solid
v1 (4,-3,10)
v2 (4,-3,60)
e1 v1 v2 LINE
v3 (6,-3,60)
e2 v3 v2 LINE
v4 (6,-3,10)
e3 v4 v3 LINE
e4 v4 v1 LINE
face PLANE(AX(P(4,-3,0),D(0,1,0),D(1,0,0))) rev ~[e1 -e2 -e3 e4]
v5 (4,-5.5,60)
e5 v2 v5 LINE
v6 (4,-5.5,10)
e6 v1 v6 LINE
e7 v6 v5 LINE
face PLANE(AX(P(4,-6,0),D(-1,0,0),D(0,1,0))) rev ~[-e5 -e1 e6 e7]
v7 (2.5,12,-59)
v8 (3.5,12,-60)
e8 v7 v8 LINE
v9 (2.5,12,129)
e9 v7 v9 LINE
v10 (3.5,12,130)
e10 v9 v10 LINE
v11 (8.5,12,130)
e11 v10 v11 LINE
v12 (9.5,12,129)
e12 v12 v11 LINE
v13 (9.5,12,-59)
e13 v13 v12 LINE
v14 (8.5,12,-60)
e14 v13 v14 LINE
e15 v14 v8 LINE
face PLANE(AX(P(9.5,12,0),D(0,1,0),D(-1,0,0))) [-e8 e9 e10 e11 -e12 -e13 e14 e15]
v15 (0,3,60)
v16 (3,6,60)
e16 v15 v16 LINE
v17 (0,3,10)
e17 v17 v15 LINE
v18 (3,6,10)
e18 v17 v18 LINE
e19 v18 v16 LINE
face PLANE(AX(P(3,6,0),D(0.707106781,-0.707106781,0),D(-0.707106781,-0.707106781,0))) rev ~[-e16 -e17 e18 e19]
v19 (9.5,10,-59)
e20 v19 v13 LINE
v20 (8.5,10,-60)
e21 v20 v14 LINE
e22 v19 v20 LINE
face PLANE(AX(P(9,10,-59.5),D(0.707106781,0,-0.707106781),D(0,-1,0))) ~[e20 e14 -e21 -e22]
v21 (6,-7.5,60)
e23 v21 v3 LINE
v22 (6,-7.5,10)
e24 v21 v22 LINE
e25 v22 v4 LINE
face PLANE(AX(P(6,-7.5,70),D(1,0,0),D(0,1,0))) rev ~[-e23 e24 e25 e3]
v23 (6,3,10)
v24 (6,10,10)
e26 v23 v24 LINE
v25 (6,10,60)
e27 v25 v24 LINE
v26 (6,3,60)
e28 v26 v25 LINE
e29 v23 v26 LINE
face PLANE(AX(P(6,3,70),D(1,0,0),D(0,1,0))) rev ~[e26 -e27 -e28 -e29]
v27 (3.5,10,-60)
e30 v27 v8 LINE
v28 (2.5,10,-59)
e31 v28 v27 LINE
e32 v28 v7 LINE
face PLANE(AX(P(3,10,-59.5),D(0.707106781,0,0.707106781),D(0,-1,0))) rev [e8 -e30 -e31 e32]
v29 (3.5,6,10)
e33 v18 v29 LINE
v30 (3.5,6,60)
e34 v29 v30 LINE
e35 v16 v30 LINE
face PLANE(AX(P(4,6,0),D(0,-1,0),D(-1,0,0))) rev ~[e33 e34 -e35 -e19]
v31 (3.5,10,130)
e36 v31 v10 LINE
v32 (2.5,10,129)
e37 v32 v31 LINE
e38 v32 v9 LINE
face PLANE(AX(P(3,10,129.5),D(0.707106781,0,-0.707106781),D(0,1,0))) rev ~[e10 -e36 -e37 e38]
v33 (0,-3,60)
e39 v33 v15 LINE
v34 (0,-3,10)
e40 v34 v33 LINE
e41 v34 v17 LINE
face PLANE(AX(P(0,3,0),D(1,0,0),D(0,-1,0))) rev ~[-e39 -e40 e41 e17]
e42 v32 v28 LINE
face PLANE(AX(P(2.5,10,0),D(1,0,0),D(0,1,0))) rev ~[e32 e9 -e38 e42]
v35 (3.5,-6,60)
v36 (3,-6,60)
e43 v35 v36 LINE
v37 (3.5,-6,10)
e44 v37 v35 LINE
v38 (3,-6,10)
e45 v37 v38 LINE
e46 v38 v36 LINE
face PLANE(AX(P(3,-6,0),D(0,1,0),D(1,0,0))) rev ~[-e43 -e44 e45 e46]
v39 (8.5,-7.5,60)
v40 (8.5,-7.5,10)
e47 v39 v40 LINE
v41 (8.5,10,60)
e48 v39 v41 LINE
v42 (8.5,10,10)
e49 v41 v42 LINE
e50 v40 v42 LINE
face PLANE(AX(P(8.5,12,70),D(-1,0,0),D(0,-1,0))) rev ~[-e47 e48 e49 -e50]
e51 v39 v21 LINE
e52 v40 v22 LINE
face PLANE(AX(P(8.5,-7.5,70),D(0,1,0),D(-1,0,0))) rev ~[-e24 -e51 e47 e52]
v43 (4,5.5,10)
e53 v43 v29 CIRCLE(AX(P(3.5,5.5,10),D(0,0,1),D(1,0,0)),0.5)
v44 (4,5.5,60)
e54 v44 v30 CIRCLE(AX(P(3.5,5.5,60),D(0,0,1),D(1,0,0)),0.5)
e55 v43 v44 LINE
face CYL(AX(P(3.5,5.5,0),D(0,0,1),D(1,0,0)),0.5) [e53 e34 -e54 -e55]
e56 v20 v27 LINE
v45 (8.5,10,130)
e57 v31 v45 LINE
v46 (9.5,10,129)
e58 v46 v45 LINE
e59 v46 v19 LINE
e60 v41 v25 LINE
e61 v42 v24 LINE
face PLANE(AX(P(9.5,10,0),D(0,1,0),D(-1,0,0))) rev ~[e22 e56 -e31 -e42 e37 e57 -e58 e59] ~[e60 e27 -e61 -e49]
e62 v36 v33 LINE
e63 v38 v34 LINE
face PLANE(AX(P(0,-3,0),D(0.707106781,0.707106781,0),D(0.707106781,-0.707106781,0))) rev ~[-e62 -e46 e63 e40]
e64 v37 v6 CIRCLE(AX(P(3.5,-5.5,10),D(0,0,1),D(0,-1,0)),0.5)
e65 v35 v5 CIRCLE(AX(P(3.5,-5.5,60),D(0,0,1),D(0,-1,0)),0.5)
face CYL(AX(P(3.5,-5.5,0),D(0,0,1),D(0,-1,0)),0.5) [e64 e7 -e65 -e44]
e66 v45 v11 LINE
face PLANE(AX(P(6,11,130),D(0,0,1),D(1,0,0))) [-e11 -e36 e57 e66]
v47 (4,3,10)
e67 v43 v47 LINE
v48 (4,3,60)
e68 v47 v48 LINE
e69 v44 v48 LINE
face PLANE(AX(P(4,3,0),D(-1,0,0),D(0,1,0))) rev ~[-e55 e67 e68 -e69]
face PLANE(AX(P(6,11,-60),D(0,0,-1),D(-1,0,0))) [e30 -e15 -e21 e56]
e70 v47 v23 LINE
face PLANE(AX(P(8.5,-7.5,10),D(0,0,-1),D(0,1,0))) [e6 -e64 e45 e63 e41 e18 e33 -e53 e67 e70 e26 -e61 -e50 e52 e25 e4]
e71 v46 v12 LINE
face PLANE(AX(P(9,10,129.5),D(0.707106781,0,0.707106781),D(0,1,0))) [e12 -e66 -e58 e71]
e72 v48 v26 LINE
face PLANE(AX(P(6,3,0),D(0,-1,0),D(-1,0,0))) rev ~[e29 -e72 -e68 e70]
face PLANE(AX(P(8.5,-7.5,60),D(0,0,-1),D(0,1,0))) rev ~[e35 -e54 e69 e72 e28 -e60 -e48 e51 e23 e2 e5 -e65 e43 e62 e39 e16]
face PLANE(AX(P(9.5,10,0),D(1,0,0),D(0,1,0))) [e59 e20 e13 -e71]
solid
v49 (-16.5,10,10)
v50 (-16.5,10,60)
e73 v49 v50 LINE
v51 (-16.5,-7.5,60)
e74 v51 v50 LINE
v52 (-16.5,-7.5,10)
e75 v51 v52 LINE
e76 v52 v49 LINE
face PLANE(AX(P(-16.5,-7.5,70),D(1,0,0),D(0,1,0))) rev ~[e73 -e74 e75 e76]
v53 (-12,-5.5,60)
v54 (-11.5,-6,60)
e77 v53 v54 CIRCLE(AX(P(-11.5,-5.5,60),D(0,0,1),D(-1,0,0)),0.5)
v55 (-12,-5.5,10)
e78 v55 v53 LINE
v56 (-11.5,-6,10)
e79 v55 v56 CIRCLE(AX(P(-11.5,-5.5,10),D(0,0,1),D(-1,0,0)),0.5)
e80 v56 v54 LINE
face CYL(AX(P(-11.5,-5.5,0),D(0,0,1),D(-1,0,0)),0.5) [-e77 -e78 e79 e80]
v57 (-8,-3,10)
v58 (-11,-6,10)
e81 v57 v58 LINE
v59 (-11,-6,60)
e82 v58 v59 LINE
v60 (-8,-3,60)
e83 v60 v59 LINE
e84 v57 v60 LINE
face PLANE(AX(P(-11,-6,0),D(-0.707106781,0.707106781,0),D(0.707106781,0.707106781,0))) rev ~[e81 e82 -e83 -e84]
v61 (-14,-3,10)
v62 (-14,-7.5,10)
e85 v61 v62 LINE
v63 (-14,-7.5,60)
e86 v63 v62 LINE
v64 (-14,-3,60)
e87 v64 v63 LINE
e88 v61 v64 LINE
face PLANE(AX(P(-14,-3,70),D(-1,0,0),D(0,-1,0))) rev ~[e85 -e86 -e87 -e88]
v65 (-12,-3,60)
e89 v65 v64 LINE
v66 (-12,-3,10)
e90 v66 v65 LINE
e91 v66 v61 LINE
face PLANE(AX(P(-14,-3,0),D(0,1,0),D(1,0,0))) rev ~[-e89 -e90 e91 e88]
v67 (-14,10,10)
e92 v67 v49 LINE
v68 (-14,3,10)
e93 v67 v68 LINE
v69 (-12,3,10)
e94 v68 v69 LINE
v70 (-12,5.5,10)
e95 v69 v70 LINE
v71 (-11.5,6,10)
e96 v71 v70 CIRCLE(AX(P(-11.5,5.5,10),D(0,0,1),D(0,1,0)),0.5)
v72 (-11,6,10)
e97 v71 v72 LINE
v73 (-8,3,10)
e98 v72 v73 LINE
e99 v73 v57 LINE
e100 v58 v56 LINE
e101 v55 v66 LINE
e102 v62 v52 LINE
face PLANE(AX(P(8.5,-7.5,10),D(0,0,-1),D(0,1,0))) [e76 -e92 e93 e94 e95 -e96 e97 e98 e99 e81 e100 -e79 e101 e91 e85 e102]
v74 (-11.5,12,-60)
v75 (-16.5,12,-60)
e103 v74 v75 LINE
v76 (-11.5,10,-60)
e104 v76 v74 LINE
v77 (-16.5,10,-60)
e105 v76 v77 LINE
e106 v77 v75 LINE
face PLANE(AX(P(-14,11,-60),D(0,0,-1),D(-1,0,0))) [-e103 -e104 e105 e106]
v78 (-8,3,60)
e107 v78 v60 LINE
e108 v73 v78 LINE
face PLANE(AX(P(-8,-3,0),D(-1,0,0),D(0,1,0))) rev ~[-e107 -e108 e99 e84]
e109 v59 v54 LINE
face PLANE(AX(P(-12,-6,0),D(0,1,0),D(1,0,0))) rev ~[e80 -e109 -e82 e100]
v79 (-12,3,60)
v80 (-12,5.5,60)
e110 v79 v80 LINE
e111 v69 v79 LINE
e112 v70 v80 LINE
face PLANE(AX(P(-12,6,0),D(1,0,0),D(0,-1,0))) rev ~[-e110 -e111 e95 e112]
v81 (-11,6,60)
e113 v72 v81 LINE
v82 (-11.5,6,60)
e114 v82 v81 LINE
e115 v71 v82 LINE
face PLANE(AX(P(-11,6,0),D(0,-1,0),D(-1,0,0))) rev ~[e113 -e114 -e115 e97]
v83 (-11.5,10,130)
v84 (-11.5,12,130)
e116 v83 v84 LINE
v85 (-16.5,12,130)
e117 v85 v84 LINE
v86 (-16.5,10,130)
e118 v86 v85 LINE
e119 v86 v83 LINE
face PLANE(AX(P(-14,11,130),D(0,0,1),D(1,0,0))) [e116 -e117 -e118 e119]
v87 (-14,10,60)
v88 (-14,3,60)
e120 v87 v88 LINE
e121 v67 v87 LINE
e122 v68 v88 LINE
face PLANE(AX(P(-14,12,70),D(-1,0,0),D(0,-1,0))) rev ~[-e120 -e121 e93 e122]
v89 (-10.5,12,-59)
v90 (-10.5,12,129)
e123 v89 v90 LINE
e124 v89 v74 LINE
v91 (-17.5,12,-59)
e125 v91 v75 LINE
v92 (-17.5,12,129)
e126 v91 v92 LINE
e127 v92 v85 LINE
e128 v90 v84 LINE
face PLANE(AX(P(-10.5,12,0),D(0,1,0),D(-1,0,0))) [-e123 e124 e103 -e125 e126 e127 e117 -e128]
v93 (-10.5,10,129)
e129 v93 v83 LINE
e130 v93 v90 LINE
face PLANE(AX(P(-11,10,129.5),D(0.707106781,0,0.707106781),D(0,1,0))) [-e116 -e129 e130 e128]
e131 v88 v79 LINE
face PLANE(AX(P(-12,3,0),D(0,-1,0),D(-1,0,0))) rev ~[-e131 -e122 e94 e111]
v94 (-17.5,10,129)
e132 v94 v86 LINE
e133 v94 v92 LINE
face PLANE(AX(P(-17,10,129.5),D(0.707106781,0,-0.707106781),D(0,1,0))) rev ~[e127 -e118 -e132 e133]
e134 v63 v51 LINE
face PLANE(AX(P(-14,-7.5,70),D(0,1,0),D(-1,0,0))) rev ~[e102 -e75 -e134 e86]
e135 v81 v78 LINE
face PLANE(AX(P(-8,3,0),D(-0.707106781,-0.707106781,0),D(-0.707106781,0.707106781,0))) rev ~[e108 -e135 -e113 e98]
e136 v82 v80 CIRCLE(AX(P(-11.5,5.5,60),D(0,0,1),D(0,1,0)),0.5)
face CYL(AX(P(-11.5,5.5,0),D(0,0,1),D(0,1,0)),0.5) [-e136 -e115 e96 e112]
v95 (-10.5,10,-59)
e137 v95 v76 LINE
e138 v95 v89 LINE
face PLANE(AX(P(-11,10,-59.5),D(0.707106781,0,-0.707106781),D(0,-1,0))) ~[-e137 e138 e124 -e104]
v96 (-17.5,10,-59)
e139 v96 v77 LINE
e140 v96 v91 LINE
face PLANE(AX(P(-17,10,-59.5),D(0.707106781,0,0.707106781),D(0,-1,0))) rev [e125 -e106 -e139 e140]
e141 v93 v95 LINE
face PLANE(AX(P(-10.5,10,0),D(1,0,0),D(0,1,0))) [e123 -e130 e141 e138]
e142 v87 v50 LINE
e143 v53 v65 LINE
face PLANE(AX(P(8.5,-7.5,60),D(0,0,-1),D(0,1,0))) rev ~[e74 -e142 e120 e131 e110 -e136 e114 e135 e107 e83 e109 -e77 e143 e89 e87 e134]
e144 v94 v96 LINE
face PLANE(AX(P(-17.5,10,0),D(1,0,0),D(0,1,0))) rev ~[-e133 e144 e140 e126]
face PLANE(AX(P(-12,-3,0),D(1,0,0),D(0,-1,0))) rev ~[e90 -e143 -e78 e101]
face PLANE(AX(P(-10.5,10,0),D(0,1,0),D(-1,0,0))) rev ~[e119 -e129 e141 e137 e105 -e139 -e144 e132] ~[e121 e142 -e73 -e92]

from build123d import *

# Parameters (mm, degrees)
ESTRUSIONE_ESTRUSIONE1_DEPTH = 70
ESTRUSIONE_ESTRUSIONE2_DEPTH = 70
ESTRUSIONE_ESTRUSIONE3_DEPTH = 70
ESTRUSIONE_ESTRUSIONE4_DEPTH = 70
SCHIZZO4_W                   = 25
SCHIZZO4_H                   = 2
ESTRUSIONE_ESTRUSIONE5_DEPTH = 70
SCHIZZO6_W                   = 7
SCHIZZO6_H                   = 70
ESTRUSIONE_ESTRUSIONE6_DEPTH = 2
SCHIZZO6_3_W                 = 13
SCHIZZO6_3_H                 = 70
TAGLIO_ESTRUSIONE1_DEPTH     = 2
RACCORDO1_R                  = 0.5
RACCORDO2_R                  = 0.5
SCHIZZO7_W                   = 7
SCHIZZO7_H                   = 2
ESTRUSIONE_ESTRUSIONE8_DEPTH = 60
SCHIZZO8_W                   = 7
SCHIZZO8_H                   = 2
ESTRUSIONE_ESTRUSIONE9_DEPTH = 60
SCHIZZO9_W                   = 10
SCHIZZO9_H                   = 17.5
TAGLIO_ESTRUSIONE2_DEPTH     = 60
SMUSSO1_SIZE                 = 1
SMUSSO2_SIZE                 = 1


with BuildPart() as part:
    # Schizzo1 → Estrusione-Estrusione1 (new body)
    with BuildSketch(Plane.XY):
        Polygon((0, -3), (3, -6), (4, -6), (4, -3), (6, -3), (6, 3), (4, 3), (4, 6), (3, 6), (0, 3), align=None)
    extrude(amount=ESTRUSIONE_ESTRUSIONE1_DEPTH)

    # Schizzo2 → Estrusione-Estrusione2 (add)
    with BuildSketch(Plane.XY.offset(70)):
        Polygon((6, 3), (6, 12), (8.5, 12), (8.5, -7.5), (6, -7.5), (6, -3), (4, -3), (4, -6), (3, -6), (0, -3), (0, 3), (3, 6), (4, 6), (4, 3), align=None)
    extrude(amount=-ESTRUSIONE_ESTRUSIONE2_DEPTH)



with BuildPart() as body_2:
    # Schizzo1<3> → Estrusione-Estrusione3 (new body)
    with BuildSketch(Plane.XY):
        Polygon((-12, 6), (-12, 3), (-14, 3), (-14, -3), (-12, -3), (-12, -6), (-11, -6), (-8, -3), (-8, 3), (-11, 6), align=None)
    extrude(amount=ESTRUSIONE_ESTRUSIONE3_DEPTH)

    # Schizzo3 → Estrusione-Estrusione4 (add)
    with BuildSketch(Plane.XY.offset(70)):
        Polygon((-14, -3), (-14, -7.5), (-16.5, -7.5), (-16.5, 12), (-14, 12), (-14, 3), (-12, 3), (-12, 6), (-11, 6), (-8, 3), (-8, -3), (-11, -6), (-12, -6), (-12, -3), align=None)
    extrude(amount=-ESTRUSIONE_ESTRUSIONE4_DEPTH)


with BuildPart() as part_1:
    add(part.part)

    add(body_2.part)  # Estrusione-Estrusione5 merges body 2
    # Schizzo4 → Estrusione-Estrusione5 (add)
    with BuildSketch(Plane.XY.offset(70)):
        with Locations((-4, 11)):
            Rectangle(SCHIZZO4_W, SCHIZZO4_H)
    extrude(amount=-ESTRUSIONE_ESTRUSIONE5_DEPTH)

    # Schizzo6 → Estrusione-Estrusione6 (add)
    with BuildSketch(Plane(origin=(0, 12, 0), x_dir=(1, 0, 0), z_dir=(0, 1, 0))):
        with Locations((-14, -35)):
            Rectangle(SCHIZZO6_W, SCHIZZO6_H)
        with Locations((6, -35)):
            Rectangle(SCHIZZO6_W, SCHIZZO6_H)
    extrude(amount=-ESTRUSIONE_ESTRUSIONE6_DEPTH)

    # Schizzo6<3> → Taglio-Estrusione1 (cut)
    with BuildSketch(Plane(origin=(0, 12, 0), x_dir=(1, 0, 0), z_dir=(0, 1, 0))):
        with Locations((-4, -35)):
            Rectangle(SCHIZZO6_3_W, SCHIZZO6_3_H)
    extrude(amount=-TAGLIO_ESTRUSIONE1_DEPTH, mode=Mode.SUBTRACT)


with BuildPart() as taglio_estrusione1_piece_1:
    # of the separate pieces the step leaves, piece 1, a body of its own (taglio_estrusione1_pieces)
    add(part_1.part.solids().sort_by_distance((2.5, 12, 0))[0])

    # Raccordo1
    raccordo1_edges = [taglio_estrusione1_piece_1.edges().sort_by_distance(p)[0] for p in [
        (4, 6, 35),
        (4, -6, 35),
    ]]
    fillet(raccordo1_edges, radius=RACCORDO1_R)



with BuildPart() as taglio_estrusione1_piece_2:
    # of the separate pieces the step leaves, piece 2, a body of its own (taglio_estrusione1_pieces)
    add(part_1.part.solids().sort_by_distance((-12, 6, 0))[0])

    # Raccordo2
    raccordo2_edges = [taglio_estrusione1_piece_2.edges().sort_by_distance(p)[0] for p in [
        (-12, -6, 35),
        (-12, 6, 35),
    ]]
    fillet(raccordo2_edges, radius=RACCORDO2_R)


with BuildPart() as taglio_estrusione1_piece_1_1:
    add(taglio_estrusione1_piece_1.part)

    add(taglio_estrusione1_piece_2.part)  # Estrusione-Estrusione8 merges Taglio-Estrusione1 piece 2
    # Schizzo7 → Estrusione-Estrusione8 (add)
    with BuildSketch(Plane.XY.offset(70)):
        with Locations((-14, 11)):
            Rectangle(SCHIZZO7_W, SCHIZZO7_H)
        with Locations((6, 11)):
            Rectangle(SCHIZZO7_W, SCHIZZO7_H)
    extrude(amount=ESTRUSIONE_ESTRUSIONE8_DEPTH)

    # Schizzo8 → Estrusione-Estrusione9 (add)
    with BuildSketch(Plane(origin=(0, 0, 0), x_dir=(-1, 0, 0), z_dir=(0, 0, -1))):
        with Locations((-6, 11)):
            Rectangle(SCHIZZO8_W, SCHIZZO8_H)
        with Locations((14, 11)):
            Rectangle(SCHIZZO8_W, SCHIZZO8_H)
    extrude(amount=ESTRUSIONE_ESTRUSIONE9_DEPTH)

    # Schizzo9 → Taglio-Estrusione2 (cut)
    with BuildSketch(Plane(origin=(8.5, 0, 0), x_dir=(0, 0, -1), z_dir=(1, 0, 0))):
        with Locations((-65, 1.25)):
            Rectangle(SCHIZZO9_W, SCHIZZO9_H)
        with Locations((-5, 1.25)):
            Rectangle(SCHIZZO9_W, SCHIZZO9_H)
    extrude(amount=-TAGLIO_ESTRUSIONE2_DEPTH, mode=Mode.SUBTRACT)

    # Smusso1
    smusso1_edges = [taglio_estrusione1_piece_1_1.edges().sort_by_distance(p)[0] for p in [
        (-17.5, 11, -60),
        (-10.5, 11, -60),
        (-10.5, 11, 130),
        (-17.5, 11, 130),
    ]]
    chamfer(smusso1_edges, length=SMUSSO1_SIZE)

    # Smusso2
    smusso2_edges = [taglio_estrusione1_piece_1_1.edges().sort_by_distance(p)[0] for p in [
        (2.5, 11, 130),
        (9.5, 11, 130),
        (9.5, 11, -60),
        (2.5, 11, -60),
    ]]
    chamfer(smusso2_edges, length=SMUSSO2_SIZE)


solid = taglio_estrusione1_piece_1_1.part
